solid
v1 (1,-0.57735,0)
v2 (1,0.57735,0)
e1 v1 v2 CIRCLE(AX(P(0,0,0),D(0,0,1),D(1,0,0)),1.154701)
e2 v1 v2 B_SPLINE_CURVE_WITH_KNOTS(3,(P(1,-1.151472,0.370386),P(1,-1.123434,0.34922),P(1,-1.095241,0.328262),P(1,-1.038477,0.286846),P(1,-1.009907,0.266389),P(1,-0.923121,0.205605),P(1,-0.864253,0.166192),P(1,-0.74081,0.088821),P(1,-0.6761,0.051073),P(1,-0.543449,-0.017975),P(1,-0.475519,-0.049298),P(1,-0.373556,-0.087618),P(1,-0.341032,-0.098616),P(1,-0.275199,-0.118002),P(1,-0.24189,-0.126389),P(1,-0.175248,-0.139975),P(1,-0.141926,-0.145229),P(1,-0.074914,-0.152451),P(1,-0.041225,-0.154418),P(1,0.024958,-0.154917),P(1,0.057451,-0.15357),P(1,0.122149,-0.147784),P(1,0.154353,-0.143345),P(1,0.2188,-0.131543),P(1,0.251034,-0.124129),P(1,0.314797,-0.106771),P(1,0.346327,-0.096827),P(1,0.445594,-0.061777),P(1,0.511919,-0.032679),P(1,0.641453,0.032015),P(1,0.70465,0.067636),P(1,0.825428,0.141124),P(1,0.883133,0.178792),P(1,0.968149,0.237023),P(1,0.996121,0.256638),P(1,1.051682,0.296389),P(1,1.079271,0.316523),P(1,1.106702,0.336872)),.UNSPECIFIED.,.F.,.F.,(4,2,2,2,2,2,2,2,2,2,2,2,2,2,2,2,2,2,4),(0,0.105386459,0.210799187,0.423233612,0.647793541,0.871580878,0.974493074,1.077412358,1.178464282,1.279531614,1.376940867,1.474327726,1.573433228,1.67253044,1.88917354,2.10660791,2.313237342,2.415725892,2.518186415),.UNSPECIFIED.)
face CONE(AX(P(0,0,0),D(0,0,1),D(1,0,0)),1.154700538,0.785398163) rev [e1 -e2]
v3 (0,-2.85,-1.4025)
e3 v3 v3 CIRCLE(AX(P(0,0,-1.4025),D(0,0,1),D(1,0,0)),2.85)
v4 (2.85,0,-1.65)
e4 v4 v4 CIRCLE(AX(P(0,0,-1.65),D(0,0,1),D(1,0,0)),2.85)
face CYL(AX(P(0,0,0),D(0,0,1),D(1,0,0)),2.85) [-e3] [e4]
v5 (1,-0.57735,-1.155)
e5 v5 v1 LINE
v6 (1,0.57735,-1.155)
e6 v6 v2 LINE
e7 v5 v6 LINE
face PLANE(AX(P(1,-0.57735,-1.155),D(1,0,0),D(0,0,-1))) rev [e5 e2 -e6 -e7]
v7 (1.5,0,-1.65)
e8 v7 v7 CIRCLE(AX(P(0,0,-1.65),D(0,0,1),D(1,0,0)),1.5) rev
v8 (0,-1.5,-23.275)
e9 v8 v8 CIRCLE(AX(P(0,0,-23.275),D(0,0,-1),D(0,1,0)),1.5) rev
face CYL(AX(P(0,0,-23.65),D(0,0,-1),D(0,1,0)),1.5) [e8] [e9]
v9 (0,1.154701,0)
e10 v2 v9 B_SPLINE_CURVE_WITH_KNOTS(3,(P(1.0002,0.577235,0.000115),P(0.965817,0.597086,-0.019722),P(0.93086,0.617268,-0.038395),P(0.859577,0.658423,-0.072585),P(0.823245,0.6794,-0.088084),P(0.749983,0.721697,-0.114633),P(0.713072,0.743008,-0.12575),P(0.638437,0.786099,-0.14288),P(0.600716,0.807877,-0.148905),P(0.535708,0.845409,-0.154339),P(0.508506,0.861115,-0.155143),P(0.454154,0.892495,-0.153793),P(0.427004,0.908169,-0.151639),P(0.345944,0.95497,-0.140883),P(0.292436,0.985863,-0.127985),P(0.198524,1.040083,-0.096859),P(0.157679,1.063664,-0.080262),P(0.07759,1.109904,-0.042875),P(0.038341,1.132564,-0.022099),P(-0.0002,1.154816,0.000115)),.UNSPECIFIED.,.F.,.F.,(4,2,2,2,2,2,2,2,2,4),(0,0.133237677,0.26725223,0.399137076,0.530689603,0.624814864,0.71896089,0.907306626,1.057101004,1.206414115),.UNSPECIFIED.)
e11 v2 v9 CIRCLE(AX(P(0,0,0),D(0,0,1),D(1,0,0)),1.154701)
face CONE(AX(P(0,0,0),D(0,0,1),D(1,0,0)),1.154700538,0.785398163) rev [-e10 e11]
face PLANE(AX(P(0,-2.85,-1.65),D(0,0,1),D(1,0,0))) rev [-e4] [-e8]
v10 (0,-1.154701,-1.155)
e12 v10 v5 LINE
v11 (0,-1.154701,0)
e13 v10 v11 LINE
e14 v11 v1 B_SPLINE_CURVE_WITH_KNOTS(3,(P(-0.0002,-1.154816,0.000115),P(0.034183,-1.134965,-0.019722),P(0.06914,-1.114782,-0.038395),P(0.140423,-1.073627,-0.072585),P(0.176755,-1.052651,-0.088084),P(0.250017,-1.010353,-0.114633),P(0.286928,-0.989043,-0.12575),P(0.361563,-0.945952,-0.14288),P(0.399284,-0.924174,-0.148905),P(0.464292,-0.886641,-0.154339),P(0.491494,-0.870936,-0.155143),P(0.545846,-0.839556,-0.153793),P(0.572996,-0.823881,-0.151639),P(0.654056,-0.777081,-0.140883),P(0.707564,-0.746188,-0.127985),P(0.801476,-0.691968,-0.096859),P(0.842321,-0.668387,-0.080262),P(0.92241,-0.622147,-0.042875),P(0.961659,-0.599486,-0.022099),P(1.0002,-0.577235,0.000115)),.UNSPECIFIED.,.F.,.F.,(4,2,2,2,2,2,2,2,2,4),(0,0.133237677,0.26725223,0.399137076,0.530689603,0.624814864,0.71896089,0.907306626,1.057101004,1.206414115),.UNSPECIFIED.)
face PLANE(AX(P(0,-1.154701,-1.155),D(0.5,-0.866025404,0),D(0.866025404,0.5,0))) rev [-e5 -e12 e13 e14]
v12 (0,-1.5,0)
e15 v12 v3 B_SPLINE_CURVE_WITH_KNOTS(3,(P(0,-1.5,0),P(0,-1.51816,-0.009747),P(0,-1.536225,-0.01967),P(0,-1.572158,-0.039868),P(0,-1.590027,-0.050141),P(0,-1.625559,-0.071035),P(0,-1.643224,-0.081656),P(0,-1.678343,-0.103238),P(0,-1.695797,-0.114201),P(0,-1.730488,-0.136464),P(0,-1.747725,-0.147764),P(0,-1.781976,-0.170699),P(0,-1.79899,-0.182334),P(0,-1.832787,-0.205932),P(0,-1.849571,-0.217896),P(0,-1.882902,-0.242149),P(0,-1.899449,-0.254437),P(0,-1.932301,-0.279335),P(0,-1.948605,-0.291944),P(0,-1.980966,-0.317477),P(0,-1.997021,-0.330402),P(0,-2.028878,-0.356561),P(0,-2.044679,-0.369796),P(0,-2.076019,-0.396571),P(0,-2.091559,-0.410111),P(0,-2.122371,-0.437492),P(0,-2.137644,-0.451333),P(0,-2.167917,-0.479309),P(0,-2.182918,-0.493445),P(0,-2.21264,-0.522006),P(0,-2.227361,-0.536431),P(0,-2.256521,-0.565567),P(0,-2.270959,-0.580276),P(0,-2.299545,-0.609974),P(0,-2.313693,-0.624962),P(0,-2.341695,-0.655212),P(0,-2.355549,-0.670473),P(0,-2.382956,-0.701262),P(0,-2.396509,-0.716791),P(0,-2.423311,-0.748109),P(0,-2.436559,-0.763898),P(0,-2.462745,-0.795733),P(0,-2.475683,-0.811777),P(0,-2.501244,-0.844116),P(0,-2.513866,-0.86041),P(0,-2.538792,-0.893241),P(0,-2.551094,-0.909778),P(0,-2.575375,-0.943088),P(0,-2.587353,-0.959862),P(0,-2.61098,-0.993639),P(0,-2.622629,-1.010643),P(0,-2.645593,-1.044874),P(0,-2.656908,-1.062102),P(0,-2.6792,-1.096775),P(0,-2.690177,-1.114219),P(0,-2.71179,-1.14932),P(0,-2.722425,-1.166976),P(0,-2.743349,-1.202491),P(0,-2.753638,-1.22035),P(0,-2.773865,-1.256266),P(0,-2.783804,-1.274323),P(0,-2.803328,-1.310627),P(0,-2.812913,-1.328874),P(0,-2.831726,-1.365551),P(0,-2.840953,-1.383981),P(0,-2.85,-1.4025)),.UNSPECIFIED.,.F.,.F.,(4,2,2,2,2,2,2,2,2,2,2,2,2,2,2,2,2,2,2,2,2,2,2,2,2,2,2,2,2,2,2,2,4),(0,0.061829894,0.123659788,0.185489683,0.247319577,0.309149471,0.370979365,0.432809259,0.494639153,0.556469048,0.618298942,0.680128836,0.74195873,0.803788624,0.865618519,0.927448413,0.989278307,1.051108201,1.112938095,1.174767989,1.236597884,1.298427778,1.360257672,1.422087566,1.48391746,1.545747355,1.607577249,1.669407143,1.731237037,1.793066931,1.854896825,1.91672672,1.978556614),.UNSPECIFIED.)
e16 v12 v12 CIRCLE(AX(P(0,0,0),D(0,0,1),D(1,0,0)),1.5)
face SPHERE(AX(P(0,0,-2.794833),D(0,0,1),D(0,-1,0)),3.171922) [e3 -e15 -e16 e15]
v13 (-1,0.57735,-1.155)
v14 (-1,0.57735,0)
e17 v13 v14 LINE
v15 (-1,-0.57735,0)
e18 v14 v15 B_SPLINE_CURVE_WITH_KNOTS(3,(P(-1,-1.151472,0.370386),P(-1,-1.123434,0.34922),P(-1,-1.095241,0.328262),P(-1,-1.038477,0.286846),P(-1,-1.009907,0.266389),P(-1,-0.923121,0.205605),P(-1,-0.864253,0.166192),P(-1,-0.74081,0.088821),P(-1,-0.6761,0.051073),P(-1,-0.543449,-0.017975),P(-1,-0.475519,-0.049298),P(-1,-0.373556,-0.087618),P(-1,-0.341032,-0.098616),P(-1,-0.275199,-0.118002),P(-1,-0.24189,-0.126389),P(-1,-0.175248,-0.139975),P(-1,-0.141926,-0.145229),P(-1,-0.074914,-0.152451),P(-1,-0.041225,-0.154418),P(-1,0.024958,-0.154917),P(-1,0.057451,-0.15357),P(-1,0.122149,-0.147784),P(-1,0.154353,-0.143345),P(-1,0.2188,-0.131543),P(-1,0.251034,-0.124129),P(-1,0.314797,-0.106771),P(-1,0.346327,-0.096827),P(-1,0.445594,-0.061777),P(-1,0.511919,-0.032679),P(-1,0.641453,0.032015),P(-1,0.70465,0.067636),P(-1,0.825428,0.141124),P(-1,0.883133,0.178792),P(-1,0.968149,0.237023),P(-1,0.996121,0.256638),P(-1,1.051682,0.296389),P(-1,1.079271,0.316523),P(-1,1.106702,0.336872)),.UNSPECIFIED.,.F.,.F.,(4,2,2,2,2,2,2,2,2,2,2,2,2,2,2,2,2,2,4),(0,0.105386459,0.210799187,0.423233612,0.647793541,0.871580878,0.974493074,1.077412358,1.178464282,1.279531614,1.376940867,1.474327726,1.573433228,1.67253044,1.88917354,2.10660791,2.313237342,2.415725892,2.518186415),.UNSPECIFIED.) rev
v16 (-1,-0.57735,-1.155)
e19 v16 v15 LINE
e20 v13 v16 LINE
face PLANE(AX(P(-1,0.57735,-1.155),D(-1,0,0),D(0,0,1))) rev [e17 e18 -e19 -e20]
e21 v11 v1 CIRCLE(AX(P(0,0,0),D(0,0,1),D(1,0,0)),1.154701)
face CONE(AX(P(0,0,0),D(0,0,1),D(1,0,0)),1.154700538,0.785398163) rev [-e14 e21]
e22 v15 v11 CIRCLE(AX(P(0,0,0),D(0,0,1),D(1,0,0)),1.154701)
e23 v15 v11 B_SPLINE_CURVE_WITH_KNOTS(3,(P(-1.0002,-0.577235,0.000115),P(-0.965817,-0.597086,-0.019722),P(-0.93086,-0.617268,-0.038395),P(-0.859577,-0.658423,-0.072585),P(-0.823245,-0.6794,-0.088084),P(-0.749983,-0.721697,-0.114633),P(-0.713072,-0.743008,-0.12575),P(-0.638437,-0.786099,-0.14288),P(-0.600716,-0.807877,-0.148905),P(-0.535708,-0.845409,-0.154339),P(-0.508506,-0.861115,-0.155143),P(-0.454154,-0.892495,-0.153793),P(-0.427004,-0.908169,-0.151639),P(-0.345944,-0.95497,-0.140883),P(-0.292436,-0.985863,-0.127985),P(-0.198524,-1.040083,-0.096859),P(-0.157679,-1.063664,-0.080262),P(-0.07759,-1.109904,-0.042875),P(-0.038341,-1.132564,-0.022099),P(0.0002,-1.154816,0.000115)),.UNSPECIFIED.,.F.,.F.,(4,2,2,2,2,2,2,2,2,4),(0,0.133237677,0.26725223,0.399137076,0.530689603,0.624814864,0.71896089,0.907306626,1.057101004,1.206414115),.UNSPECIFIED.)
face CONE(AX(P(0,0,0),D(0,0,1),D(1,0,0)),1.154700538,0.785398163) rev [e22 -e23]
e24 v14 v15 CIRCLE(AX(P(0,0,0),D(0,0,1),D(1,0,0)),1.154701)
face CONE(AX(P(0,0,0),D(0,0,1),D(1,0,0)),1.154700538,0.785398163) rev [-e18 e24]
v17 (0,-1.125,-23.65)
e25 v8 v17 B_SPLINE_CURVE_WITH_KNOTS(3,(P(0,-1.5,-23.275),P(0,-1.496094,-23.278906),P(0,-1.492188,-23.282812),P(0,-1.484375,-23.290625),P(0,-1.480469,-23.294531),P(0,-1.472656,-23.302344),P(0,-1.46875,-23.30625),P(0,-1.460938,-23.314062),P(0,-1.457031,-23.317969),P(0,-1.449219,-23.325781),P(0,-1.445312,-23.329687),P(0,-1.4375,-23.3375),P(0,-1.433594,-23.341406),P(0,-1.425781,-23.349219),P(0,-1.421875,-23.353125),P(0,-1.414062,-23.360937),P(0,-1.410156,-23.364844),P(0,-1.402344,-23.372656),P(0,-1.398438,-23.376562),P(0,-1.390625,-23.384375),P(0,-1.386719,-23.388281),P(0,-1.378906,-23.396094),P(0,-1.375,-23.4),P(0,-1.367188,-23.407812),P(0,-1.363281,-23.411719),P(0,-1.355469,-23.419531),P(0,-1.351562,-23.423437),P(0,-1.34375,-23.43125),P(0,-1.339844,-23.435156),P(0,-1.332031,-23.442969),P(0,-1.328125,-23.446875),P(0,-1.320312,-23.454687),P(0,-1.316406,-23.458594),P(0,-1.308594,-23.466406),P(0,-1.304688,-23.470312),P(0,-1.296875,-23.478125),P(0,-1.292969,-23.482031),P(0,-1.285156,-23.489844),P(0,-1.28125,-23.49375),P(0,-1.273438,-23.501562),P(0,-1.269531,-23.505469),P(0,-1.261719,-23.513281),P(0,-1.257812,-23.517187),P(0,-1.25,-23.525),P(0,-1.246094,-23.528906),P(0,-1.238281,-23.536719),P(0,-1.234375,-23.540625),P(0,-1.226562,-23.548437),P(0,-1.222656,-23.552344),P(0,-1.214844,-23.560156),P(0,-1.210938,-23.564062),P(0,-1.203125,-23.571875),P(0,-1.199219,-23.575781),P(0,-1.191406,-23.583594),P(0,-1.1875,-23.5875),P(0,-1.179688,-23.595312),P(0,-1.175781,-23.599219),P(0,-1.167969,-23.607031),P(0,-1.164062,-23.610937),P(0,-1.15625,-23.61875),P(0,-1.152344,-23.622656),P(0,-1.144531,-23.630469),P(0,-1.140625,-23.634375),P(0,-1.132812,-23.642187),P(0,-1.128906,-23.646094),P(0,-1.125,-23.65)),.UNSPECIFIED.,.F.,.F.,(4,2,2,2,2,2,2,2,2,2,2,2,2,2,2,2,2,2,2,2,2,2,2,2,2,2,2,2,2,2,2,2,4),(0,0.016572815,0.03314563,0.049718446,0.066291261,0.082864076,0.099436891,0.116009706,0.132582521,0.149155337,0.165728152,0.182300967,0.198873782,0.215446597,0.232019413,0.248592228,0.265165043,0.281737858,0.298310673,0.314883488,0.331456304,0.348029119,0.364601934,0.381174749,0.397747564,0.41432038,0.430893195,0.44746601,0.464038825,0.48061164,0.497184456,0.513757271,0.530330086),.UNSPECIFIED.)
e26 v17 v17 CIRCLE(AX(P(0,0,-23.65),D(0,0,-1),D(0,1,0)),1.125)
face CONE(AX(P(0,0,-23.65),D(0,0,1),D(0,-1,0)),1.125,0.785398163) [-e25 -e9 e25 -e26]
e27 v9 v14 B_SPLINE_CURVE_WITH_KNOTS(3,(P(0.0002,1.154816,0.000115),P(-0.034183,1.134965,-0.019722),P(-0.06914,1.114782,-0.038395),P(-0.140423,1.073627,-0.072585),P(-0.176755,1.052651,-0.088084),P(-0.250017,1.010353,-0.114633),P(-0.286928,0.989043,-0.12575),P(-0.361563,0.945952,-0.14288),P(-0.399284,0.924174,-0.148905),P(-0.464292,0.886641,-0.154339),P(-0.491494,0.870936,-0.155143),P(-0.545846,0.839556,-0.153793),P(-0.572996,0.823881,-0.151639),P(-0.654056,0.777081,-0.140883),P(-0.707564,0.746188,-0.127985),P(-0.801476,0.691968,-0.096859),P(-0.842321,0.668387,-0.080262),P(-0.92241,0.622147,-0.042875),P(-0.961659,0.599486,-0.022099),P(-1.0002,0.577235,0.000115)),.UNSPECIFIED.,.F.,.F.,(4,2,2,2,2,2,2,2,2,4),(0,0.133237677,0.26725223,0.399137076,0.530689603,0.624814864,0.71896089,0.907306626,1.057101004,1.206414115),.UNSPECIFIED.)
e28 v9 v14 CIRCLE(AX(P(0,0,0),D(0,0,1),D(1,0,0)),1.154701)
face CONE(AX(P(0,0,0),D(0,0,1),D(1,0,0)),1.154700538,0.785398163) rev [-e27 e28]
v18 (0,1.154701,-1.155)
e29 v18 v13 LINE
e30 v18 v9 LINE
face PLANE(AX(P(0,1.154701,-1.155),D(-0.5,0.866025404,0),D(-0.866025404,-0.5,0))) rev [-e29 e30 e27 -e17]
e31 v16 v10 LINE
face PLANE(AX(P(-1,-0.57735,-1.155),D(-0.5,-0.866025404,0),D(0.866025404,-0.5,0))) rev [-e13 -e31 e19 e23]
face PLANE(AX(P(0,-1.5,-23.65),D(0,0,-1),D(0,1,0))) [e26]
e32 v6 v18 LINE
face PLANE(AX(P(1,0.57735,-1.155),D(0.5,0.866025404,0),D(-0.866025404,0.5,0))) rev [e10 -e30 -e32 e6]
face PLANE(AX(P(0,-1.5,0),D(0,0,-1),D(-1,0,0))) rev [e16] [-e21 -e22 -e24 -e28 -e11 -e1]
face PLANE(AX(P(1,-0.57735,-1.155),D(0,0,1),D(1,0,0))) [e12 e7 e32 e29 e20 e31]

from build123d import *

# Parameters (mm, degrees)
SKETCH1_W          = 22
SKETCH1_H          = 1.5
CHAMFER1_SIZE      = 0.375
CUT_EXTRUDE2_DEPTH = 1.155


with BuildPart() as part:
    # Sketch1 → Revolve1 (revolve)
    with BuildSketch(Plane(origin=(0, 0, 0), x_dir=(0, 0, -1), z_dir=(1, 0, 0))):
        with Locations((12.65, 0.75)):
            Rectangle(SKETCH1_W, SKETCH1_H)
    revolve(axis=Axis((0, 0, -23.65), (0, 0, 1)))

    # Chamfer1
    chamfer1_edges = [part.edges().sort_by_distance(p)[0] for p in [
        (0, -1.5, -23.65),
    ]]
    chamfer(chamfer1_edges, length=CHAMFER1_SIZE)

    # Sketch7 → Revolve2 (revolve)
    with BuildSketch(Plane(origin=(0, 0, 0), x_dir=(0, 0, -1), z_dir=(1, 0, 0))):
        with BuildLine():
            Line((1.4025, 2.85), (1.65, 2.85))
            Line((1.65, 2.85), (1.65, 0))
            Line((1.65, 0), (0, 0))
            Line((0, 0), (0, 1.5))
            ThreePointArc((0, 1.5), (0.59512511, 2.285251969), (1.4025, 2.85))
        make_face()
    revolve(axis=Axis((0, 0, 0), (0, 0, -1)))

    # Sketch5 → Cut-Extrude2 (cut)
    with BuildSketch(Plane.XY):
        Polygon((1, -0.577350269), (1, 0.577350269), (0, 1.154700538), (-1, 0.577350269), (-1, -0.577350269), (0, -1.154700538), align=None)
    extrude(amount=-CUT_EXTRUDE2_DEPTH, mode=Mode.SUBTRACT)

    # Cut-Extrude3 cone 1 section (through the dimple's axis) → Cut-Extrude3 (revolve, cut)
    with BuildSketch(Plane(origin=(0, 0, 0), x_dir=(0, -1, 0), z_dir=(1, 0, 0))):
        Polygon((0, 0), (1.154700538, 0), (0, 1.154700538), align=None)
    revolve(axis=Axis((0, 0, 0), (0, 0, -1)), mode=Mode.SUBTRACT)


solid = part.part
